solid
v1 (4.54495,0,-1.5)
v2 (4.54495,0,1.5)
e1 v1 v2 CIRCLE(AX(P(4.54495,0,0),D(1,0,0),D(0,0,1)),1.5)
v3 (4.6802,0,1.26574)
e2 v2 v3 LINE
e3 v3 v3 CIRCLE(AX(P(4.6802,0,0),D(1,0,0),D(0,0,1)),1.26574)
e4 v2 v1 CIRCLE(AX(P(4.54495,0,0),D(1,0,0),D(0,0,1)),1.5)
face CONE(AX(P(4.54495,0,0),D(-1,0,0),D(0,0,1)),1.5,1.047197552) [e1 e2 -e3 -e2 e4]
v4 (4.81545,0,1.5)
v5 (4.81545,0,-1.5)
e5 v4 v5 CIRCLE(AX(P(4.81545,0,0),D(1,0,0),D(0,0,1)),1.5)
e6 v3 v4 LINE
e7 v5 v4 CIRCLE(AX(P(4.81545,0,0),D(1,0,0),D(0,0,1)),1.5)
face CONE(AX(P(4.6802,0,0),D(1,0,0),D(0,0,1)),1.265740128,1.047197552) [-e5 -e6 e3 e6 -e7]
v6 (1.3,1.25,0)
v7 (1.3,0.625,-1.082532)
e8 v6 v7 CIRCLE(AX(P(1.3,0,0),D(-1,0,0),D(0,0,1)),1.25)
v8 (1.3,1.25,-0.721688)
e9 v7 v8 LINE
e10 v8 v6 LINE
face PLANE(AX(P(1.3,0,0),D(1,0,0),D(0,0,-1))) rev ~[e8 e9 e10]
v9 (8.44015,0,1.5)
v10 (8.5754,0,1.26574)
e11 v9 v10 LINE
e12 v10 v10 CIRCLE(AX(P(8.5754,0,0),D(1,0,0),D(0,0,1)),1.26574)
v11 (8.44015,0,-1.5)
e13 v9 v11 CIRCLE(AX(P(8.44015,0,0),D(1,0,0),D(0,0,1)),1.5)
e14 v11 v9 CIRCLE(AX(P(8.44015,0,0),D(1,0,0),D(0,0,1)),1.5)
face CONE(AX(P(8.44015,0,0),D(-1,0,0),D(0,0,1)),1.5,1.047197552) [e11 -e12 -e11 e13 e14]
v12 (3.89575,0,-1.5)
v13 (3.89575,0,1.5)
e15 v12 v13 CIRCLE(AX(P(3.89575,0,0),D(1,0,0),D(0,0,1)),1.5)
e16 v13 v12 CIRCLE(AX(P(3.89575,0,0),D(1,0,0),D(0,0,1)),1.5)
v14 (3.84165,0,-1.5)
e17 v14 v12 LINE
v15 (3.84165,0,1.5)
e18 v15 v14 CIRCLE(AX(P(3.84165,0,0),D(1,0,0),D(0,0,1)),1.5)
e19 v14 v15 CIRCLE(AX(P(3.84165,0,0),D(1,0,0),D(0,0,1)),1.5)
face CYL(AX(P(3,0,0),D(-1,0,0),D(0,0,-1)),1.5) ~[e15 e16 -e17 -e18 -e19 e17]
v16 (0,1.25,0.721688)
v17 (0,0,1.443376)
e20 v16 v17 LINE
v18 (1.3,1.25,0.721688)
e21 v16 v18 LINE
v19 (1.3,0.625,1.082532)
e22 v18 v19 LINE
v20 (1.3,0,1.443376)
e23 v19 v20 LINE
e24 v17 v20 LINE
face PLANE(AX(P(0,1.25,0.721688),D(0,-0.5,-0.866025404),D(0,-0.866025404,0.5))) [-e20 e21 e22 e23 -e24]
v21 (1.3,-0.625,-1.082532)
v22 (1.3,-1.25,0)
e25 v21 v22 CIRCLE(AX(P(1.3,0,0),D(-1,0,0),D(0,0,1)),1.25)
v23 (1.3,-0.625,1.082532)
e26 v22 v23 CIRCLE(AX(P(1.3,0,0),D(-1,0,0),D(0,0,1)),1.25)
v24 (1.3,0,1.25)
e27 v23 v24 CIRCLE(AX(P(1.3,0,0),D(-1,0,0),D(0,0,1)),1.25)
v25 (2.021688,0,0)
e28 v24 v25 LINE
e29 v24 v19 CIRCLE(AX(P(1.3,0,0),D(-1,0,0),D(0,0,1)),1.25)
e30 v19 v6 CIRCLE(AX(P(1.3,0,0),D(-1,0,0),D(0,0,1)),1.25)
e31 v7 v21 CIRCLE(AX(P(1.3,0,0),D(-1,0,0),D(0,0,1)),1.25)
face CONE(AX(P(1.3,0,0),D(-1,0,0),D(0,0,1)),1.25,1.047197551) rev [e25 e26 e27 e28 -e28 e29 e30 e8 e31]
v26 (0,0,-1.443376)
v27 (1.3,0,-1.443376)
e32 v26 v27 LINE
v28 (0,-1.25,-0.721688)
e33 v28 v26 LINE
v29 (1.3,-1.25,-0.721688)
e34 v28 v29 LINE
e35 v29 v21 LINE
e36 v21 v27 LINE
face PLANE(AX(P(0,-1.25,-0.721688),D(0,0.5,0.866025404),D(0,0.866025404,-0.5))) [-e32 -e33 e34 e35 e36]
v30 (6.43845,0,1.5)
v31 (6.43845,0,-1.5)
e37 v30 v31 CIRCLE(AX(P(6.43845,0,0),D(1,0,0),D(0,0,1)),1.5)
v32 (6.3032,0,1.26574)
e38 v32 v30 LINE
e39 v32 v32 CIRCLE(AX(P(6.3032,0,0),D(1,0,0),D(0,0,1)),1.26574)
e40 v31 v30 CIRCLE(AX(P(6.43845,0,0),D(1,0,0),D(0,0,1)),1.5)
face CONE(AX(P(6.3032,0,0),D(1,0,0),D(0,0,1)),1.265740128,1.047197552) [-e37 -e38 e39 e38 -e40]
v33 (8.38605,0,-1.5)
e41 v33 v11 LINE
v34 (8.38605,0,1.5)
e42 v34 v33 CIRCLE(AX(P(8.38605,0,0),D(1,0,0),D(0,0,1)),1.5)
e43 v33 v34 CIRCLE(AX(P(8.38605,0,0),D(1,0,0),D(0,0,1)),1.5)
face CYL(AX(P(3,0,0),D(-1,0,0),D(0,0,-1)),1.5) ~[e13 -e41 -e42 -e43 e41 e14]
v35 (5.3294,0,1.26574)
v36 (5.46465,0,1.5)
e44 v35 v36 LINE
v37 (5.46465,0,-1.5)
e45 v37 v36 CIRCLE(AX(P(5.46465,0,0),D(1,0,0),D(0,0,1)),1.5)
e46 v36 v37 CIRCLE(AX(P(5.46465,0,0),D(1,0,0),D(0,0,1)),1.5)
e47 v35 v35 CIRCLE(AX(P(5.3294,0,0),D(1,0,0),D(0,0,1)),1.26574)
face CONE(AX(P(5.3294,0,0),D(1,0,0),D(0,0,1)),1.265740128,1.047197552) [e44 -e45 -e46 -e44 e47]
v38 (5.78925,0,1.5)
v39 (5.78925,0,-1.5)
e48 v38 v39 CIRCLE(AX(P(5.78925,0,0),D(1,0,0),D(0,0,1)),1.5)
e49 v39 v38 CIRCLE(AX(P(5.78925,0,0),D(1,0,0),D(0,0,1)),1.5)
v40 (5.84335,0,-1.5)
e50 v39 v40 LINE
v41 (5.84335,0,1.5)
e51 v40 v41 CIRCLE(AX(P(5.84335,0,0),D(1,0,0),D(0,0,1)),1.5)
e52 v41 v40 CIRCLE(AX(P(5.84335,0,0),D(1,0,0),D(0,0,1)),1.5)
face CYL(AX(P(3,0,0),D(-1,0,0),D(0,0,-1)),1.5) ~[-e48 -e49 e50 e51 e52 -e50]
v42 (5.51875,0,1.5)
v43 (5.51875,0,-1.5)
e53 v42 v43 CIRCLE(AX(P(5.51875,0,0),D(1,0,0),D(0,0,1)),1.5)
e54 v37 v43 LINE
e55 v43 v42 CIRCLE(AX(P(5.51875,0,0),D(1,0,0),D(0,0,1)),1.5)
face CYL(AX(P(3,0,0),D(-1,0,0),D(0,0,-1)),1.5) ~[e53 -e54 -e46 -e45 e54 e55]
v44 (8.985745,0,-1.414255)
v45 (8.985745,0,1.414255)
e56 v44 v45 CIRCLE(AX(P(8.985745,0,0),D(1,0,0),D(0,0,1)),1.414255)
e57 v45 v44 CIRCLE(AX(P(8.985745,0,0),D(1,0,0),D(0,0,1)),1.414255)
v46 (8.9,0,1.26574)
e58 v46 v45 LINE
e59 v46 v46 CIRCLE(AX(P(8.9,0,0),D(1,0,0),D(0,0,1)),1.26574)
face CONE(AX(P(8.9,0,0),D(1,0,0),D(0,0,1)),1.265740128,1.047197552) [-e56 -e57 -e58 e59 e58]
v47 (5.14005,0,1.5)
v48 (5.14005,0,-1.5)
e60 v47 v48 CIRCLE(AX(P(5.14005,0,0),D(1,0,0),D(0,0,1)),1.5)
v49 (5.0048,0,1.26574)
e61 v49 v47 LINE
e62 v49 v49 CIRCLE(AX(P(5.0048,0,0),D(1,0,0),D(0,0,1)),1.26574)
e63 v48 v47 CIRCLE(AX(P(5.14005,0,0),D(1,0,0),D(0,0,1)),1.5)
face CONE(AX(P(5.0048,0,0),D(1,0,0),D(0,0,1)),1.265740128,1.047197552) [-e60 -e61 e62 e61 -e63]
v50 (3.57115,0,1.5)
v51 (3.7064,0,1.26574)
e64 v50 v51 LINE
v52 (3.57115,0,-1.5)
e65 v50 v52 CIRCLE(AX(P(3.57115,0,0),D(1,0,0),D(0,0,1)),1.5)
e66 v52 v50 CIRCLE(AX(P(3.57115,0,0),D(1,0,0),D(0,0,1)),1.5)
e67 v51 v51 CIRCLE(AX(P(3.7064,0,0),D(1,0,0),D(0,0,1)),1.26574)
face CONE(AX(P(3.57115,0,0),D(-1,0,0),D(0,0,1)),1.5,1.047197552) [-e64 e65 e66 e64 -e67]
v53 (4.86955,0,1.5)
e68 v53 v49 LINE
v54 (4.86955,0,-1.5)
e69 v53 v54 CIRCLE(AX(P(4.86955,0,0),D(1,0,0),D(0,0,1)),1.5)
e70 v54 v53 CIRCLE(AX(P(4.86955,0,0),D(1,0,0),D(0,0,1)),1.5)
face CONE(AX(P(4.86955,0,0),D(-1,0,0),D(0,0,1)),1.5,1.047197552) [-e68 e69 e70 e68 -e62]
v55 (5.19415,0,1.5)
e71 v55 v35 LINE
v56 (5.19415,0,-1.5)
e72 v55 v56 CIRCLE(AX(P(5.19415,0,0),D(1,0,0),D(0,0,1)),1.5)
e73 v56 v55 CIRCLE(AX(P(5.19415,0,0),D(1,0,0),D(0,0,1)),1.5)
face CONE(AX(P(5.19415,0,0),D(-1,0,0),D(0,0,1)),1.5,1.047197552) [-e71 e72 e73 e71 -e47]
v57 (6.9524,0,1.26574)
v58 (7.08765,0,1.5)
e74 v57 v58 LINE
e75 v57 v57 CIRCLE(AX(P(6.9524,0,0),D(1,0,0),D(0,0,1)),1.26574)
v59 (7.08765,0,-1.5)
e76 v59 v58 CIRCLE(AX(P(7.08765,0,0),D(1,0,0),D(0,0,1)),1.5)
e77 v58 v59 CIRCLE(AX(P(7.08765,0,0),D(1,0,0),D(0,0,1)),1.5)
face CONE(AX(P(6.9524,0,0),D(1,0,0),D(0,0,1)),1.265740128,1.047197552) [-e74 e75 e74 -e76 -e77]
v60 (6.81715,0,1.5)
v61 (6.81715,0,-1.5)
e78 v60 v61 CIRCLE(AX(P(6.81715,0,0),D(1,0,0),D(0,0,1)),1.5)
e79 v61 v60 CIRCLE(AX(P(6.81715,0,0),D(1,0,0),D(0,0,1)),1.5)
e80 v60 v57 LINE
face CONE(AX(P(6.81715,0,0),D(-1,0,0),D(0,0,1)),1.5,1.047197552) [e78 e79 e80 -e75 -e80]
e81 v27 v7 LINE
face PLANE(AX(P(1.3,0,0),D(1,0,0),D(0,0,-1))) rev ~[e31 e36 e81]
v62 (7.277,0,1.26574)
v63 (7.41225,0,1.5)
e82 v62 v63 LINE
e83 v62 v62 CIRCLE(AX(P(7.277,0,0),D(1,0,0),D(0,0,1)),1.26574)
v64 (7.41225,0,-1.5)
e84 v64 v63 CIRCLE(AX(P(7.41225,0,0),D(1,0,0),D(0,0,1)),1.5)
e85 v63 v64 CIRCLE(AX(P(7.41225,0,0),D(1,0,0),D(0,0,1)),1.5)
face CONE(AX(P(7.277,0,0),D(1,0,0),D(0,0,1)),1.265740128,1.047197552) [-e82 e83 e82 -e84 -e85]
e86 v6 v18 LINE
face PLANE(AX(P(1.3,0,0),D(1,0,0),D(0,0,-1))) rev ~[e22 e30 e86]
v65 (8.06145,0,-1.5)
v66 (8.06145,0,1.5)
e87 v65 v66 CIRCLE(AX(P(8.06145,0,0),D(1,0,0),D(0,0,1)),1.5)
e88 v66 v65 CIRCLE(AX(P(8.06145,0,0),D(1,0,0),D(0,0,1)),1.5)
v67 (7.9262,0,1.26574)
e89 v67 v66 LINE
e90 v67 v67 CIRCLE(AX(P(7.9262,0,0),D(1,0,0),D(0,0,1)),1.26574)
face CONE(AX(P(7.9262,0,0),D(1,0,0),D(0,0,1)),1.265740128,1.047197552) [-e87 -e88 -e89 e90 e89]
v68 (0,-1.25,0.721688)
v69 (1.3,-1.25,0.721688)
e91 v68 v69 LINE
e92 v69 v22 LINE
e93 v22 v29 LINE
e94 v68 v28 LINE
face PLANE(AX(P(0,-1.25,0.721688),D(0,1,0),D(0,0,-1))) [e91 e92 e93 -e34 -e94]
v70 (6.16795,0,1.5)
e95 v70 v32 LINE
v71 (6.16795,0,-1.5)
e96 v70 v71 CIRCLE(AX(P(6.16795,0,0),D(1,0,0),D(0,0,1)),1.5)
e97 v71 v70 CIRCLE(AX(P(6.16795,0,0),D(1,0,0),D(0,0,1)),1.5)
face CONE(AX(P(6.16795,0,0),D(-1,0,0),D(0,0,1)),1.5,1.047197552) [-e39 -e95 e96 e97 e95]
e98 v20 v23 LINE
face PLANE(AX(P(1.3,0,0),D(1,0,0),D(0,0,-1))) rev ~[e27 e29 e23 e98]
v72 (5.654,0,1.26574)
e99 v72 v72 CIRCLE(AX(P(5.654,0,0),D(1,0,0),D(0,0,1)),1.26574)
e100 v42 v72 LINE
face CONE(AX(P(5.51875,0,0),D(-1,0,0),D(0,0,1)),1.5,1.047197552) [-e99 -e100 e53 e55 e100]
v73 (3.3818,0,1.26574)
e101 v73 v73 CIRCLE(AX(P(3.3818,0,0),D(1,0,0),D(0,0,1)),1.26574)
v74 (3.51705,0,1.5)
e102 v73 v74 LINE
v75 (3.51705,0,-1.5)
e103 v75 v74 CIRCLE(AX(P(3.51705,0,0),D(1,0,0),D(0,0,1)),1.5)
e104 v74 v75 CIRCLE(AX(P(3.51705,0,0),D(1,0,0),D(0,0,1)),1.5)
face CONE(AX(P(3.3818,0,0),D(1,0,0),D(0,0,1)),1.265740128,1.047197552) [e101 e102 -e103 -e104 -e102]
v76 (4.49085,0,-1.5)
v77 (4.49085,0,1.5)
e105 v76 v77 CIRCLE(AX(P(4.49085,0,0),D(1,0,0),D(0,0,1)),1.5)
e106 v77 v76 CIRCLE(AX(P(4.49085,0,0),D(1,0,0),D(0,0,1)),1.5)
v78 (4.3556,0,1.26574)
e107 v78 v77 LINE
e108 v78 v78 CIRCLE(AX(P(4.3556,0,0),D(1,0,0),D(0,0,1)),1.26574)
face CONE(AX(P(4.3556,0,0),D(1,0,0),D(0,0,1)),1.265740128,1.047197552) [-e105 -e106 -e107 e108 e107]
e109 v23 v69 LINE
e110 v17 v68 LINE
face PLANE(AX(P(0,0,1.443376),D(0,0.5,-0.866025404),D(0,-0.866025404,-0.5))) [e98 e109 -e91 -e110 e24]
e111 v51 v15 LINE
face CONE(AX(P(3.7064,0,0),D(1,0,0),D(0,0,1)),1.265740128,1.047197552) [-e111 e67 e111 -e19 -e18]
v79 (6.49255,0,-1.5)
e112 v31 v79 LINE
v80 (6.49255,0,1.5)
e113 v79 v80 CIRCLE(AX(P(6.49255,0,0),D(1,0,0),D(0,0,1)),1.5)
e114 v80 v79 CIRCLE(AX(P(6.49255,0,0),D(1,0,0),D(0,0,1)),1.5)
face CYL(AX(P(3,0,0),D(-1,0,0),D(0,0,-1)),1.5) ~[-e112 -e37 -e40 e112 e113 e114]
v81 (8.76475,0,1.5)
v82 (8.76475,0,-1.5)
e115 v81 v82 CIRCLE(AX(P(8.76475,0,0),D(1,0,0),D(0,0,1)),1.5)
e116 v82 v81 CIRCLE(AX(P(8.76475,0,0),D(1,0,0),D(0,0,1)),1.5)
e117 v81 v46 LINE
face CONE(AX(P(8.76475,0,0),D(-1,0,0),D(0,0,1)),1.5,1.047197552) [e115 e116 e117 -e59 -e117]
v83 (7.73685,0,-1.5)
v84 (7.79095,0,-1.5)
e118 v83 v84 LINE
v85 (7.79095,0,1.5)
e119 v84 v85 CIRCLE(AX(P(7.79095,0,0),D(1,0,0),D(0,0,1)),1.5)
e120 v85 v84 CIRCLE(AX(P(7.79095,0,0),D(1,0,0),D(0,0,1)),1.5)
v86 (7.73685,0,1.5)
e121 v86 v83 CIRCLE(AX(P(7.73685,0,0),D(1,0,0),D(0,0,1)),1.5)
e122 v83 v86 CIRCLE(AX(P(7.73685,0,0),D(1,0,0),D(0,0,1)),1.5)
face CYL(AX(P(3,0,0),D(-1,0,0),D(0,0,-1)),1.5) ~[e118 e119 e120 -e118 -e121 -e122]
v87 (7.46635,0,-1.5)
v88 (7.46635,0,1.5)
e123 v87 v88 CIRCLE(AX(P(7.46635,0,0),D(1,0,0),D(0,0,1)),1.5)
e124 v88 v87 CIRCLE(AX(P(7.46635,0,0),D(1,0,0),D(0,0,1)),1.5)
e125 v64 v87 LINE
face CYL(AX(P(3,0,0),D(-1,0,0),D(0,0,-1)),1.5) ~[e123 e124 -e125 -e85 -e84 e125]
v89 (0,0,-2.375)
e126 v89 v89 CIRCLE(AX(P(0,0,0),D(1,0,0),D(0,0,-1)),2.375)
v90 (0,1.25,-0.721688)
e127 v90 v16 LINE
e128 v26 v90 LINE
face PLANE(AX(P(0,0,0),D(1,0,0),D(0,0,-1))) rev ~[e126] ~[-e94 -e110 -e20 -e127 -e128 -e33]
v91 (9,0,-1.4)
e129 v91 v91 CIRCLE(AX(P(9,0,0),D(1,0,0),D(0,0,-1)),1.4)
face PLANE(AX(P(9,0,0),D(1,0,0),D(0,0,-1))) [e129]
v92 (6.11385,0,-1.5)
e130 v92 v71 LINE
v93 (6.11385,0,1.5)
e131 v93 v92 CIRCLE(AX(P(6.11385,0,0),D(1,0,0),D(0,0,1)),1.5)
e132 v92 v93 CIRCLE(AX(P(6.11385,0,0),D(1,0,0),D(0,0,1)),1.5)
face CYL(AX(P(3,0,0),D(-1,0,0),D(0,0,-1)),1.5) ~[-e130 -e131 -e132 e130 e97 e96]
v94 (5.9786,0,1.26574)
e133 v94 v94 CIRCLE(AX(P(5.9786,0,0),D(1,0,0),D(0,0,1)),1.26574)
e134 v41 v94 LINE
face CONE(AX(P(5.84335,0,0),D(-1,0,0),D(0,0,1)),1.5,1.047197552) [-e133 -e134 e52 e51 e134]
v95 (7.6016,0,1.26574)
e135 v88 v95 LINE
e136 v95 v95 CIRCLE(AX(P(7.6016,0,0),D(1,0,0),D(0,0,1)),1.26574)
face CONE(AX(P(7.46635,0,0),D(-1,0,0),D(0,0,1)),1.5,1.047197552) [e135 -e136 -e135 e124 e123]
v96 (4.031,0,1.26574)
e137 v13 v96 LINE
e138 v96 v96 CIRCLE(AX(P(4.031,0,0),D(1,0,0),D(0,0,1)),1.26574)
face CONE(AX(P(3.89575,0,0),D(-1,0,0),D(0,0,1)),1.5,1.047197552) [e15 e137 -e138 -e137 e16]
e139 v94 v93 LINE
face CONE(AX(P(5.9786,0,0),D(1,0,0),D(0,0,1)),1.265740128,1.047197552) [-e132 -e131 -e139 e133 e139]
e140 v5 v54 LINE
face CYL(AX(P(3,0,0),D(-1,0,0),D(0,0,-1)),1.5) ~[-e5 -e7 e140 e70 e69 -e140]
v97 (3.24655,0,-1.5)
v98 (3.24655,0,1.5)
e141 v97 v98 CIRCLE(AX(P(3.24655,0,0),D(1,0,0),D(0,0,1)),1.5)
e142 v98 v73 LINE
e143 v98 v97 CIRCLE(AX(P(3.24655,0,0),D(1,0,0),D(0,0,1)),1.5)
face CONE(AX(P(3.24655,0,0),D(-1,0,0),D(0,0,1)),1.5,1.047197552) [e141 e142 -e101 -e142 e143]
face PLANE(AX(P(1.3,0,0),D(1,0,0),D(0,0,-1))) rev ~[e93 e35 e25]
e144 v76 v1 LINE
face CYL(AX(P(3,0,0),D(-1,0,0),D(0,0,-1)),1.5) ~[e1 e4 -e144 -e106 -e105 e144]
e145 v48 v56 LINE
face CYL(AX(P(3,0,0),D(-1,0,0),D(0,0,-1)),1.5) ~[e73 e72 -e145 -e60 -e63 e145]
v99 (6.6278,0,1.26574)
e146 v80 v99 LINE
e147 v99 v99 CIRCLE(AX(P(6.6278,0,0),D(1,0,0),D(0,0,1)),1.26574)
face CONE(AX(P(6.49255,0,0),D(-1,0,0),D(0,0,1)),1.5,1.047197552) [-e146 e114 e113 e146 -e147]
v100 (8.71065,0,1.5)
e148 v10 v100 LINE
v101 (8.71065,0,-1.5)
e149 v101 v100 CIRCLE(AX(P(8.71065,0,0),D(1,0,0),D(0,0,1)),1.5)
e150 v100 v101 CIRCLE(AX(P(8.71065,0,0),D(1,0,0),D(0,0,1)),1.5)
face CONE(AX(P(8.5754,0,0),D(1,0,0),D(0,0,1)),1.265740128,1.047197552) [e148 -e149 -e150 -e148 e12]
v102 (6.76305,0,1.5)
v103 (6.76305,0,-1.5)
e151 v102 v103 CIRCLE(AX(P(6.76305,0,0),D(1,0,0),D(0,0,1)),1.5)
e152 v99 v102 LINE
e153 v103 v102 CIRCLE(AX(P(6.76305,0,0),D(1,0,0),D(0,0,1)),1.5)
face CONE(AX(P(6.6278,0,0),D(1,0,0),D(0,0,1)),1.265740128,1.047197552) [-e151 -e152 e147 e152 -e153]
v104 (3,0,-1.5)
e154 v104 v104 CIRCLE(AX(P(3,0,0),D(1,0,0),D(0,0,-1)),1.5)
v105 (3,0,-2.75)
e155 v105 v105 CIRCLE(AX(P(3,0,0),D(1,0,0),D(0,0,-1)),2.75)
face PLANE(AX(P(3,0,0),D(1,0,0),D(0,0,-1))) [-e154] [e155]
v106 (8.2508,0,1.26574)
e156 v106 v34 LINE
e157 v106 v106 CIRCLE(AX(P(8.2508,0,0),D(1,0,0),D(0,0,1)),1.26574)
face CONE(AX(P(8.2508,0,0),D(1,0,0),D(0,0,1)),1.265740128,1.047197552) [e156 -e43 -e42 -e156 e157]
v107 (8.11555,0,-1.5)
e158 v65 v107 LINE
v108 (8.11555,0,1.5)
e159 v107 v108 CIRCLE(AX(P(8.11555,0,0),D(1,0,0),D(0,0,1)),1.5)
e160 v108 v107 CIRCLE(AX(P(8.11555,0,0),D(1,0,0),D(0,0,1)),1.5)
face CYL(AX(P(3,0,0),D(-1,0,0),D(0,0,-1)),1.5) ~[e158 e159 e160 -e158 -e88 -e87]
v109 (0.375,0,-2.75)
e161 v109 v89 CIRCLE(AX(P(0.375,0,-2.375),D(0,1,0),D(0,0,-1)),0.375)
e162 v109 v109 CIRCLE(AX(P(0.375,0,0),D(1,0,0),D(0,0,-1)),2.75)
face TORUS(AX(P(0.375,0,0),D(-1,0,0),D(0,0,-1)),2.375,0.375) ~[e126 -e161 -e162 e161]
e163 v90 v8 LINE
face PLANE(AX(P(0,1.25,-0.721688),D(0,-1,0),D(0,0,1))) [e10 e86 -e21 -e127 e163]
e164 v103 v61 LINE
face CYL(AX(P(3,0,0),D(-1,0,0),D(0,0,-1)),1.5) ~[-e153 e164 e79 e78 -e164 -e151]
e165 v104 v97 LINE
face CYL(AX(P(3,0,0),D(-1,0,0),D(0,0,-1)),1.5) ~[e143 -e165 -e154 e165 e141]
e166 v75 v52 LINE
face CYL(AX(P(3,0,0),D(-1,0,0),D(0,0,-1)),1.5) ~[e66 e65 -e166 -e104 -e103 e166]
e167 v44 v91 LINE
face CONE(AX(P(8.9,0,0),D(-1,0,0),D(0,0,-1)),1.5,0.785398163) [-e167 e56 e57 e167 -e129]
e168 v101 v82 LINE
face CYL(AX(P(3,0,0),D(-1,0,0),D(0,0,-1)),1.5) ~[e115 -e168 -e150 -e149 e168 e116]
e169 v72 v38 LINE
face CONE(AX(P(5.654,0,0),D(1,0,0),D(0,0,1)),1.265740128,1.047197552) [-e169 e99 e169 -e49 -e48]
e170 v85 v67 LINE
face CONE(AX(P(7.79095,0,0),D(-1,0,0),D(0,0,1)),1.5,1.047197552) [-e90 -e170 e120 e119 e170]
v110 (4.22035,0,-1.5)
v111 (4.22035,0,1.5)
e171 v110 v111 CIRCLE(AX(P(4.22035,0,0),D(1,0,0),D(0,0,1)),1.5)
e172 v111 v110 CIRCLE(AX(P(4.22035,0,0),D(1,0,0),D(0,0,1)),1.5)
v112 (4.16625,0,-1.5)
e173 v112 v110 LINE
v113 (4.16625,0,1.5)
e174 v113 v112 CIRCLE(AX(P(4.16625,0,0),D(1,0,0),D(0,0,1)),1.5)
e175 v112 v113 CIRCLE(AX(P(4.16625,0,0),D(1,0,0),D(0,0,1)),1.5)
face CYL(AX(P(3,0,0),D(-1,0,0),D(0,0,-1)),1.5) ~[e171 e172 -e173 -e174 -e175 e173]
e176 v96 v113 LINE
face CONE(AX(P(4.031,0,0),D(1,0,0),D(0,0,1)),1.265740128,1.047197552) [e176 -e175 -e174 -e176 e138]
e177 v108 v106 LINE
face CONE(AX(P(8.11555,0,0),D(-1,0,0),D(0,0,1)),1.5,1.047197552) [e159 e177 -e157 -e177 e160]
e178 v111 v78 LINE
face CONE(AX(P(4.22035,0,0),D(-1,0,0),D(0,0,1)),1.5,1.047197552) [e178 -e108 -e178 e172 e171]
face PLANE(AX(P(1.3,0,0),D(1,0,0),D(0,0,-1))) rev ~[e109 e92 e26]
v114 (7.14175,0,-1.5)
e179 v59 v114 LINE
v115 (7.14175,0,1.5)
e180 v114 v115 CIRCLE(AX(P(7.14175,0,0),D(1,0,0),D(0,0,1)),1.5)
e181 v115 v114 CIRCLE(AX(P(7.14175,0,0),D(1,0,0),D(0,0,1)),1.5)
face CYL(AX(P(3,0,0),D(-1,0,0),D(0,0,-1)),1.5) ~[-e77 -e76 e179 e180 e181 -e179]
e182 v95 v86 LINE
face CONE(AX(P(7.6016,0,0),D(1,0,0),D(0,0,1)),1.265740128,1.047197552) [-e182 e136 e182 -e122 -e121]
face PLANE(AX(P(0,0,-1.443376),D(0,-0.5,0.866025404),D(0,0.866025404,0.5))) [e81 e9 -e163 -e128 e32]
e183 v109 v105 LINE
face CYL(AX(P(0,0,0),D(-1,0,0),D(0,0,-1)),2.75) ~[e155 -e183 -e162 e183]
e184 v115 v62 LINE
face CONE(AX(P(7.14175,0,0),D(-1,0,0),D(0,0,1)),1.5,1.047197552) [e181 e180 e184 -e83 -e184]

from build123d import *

# Parameters (mm, degrees)
SKETCH1_R           = 2.75
BASEHEAD_DEPTH      = 3
SKETCH2_R           = 1.5
BASEBODY_DEPTH      = 6
HEXAGONSOCKET_DEPTH = 1.3
TOPFILLET_R         = 0.375
CHAMFER1_SIZE       = 0.1
LPATTERN10_COUNT    = 18
LPATTERN10_PITCH    = 0.3246


with BuildPart() as part:
    # Sketch1 → BaseHead (new body)
    with BuildSketch(Plane(origin=(0, 0, 0), x_dir=(0, 0, -1), z_dir=(1, 0, 0))):
        Circle(SKETCH1_R)
    extrude(amount=BASEHEAD_DEPTH)

    # Sketch2 → BaseBody (add)
    with BuildSketch(Plane(origin=(3, 0, 0), x_dir=(0, 0, -1), z_dir=(1, 0, 0))):
        Circle(SKETCH2_R)
    extrude(amount=BASEBODY_DEPTH)

    # Sketch3 → HexagonSocket (cut)
    with BuildSketch(Plane(origin=(0, 0, 0), x_dir=(0, 0, -1), z_dir=(1, 0, 0))):
        Polygon((1.443375673, 0), (0.721687836, 1.25), (-0.721687836, 1.25), (-1.443375673, 0), (-0.721687836, -1.25), (0.721687836, -1.25), align=None)
    extrude(amount=HEXAGONSOCKET_DEPTH, mode=Mode.SUBTRACT)

    # Sketch4 → Cut-Revolve1 (revolve, cut)
    with BuildSketch(Plane(origin=(-4.19613823, 0.75, 0), x_dir=(-1, 0, 0), z_dir=(0, 0, 1)), mode=Mode.PRIVATE) as cut_revolve1_sk:
        Polygon((-5.49613823, 2), (-6.217826066, 0.75), (-5.49613823, 0.75), align=None)
    revolve(cut_revolve1_sk.sketch.rotate(Axis((0.838992387, 0, 0), (-1, 0, 0)), 90), axis=Axis((0.838992387, 0, 0), (-1, 0, 0)), mode=Mode.SUBTRACT)

    # TopFillet
    topfillet_edges = [part.edges().sort_by_distance(p)[0] for p in [
        (0, 0, 2.75),
    ]]
    fillet(topfillet_edges, radius=TOPFILLET_R)

    # Chamfer1
    chamfer1_edges = [part.edges().sort_by_distance(p)[0] for p in [
        (9, 0, 1.5),
    ]]
    chamfer(chamfer1_edges, length=CHAMFER1_SIZE)

    # Sketch5 → Cut-Revolve10 (revolve, cut)
    with BuildSketch(Plane.XY, mode=Mode.PRIVATE) as cut_revolve10_sk:
        Polygon((8.9, 1.265740128), (9.03525, 1.5), (9.03525, 1.7705), (8.76475, 1.7705), (8.76475, 1.5), align=None)
    cut_revolve10 = revolve(cut_revolve10_sk.sketch.rotate(Axis((0, 0, 0), (1, 0, 0)), 90), axis=Axis((0, 0, 0), (1, 0, 0)), mode=Mode.SUBTRACT)

    # LPattern10: Cut-Revolve10 ×18
    with Locations(*[(-i * LPATTERN10_PITCH, 0, 0) for i in range(1, LPATTERN10_COUNT)]):
        add(cut_revolve10, mode=Mode.SUBTRACT)


solid = part.part
